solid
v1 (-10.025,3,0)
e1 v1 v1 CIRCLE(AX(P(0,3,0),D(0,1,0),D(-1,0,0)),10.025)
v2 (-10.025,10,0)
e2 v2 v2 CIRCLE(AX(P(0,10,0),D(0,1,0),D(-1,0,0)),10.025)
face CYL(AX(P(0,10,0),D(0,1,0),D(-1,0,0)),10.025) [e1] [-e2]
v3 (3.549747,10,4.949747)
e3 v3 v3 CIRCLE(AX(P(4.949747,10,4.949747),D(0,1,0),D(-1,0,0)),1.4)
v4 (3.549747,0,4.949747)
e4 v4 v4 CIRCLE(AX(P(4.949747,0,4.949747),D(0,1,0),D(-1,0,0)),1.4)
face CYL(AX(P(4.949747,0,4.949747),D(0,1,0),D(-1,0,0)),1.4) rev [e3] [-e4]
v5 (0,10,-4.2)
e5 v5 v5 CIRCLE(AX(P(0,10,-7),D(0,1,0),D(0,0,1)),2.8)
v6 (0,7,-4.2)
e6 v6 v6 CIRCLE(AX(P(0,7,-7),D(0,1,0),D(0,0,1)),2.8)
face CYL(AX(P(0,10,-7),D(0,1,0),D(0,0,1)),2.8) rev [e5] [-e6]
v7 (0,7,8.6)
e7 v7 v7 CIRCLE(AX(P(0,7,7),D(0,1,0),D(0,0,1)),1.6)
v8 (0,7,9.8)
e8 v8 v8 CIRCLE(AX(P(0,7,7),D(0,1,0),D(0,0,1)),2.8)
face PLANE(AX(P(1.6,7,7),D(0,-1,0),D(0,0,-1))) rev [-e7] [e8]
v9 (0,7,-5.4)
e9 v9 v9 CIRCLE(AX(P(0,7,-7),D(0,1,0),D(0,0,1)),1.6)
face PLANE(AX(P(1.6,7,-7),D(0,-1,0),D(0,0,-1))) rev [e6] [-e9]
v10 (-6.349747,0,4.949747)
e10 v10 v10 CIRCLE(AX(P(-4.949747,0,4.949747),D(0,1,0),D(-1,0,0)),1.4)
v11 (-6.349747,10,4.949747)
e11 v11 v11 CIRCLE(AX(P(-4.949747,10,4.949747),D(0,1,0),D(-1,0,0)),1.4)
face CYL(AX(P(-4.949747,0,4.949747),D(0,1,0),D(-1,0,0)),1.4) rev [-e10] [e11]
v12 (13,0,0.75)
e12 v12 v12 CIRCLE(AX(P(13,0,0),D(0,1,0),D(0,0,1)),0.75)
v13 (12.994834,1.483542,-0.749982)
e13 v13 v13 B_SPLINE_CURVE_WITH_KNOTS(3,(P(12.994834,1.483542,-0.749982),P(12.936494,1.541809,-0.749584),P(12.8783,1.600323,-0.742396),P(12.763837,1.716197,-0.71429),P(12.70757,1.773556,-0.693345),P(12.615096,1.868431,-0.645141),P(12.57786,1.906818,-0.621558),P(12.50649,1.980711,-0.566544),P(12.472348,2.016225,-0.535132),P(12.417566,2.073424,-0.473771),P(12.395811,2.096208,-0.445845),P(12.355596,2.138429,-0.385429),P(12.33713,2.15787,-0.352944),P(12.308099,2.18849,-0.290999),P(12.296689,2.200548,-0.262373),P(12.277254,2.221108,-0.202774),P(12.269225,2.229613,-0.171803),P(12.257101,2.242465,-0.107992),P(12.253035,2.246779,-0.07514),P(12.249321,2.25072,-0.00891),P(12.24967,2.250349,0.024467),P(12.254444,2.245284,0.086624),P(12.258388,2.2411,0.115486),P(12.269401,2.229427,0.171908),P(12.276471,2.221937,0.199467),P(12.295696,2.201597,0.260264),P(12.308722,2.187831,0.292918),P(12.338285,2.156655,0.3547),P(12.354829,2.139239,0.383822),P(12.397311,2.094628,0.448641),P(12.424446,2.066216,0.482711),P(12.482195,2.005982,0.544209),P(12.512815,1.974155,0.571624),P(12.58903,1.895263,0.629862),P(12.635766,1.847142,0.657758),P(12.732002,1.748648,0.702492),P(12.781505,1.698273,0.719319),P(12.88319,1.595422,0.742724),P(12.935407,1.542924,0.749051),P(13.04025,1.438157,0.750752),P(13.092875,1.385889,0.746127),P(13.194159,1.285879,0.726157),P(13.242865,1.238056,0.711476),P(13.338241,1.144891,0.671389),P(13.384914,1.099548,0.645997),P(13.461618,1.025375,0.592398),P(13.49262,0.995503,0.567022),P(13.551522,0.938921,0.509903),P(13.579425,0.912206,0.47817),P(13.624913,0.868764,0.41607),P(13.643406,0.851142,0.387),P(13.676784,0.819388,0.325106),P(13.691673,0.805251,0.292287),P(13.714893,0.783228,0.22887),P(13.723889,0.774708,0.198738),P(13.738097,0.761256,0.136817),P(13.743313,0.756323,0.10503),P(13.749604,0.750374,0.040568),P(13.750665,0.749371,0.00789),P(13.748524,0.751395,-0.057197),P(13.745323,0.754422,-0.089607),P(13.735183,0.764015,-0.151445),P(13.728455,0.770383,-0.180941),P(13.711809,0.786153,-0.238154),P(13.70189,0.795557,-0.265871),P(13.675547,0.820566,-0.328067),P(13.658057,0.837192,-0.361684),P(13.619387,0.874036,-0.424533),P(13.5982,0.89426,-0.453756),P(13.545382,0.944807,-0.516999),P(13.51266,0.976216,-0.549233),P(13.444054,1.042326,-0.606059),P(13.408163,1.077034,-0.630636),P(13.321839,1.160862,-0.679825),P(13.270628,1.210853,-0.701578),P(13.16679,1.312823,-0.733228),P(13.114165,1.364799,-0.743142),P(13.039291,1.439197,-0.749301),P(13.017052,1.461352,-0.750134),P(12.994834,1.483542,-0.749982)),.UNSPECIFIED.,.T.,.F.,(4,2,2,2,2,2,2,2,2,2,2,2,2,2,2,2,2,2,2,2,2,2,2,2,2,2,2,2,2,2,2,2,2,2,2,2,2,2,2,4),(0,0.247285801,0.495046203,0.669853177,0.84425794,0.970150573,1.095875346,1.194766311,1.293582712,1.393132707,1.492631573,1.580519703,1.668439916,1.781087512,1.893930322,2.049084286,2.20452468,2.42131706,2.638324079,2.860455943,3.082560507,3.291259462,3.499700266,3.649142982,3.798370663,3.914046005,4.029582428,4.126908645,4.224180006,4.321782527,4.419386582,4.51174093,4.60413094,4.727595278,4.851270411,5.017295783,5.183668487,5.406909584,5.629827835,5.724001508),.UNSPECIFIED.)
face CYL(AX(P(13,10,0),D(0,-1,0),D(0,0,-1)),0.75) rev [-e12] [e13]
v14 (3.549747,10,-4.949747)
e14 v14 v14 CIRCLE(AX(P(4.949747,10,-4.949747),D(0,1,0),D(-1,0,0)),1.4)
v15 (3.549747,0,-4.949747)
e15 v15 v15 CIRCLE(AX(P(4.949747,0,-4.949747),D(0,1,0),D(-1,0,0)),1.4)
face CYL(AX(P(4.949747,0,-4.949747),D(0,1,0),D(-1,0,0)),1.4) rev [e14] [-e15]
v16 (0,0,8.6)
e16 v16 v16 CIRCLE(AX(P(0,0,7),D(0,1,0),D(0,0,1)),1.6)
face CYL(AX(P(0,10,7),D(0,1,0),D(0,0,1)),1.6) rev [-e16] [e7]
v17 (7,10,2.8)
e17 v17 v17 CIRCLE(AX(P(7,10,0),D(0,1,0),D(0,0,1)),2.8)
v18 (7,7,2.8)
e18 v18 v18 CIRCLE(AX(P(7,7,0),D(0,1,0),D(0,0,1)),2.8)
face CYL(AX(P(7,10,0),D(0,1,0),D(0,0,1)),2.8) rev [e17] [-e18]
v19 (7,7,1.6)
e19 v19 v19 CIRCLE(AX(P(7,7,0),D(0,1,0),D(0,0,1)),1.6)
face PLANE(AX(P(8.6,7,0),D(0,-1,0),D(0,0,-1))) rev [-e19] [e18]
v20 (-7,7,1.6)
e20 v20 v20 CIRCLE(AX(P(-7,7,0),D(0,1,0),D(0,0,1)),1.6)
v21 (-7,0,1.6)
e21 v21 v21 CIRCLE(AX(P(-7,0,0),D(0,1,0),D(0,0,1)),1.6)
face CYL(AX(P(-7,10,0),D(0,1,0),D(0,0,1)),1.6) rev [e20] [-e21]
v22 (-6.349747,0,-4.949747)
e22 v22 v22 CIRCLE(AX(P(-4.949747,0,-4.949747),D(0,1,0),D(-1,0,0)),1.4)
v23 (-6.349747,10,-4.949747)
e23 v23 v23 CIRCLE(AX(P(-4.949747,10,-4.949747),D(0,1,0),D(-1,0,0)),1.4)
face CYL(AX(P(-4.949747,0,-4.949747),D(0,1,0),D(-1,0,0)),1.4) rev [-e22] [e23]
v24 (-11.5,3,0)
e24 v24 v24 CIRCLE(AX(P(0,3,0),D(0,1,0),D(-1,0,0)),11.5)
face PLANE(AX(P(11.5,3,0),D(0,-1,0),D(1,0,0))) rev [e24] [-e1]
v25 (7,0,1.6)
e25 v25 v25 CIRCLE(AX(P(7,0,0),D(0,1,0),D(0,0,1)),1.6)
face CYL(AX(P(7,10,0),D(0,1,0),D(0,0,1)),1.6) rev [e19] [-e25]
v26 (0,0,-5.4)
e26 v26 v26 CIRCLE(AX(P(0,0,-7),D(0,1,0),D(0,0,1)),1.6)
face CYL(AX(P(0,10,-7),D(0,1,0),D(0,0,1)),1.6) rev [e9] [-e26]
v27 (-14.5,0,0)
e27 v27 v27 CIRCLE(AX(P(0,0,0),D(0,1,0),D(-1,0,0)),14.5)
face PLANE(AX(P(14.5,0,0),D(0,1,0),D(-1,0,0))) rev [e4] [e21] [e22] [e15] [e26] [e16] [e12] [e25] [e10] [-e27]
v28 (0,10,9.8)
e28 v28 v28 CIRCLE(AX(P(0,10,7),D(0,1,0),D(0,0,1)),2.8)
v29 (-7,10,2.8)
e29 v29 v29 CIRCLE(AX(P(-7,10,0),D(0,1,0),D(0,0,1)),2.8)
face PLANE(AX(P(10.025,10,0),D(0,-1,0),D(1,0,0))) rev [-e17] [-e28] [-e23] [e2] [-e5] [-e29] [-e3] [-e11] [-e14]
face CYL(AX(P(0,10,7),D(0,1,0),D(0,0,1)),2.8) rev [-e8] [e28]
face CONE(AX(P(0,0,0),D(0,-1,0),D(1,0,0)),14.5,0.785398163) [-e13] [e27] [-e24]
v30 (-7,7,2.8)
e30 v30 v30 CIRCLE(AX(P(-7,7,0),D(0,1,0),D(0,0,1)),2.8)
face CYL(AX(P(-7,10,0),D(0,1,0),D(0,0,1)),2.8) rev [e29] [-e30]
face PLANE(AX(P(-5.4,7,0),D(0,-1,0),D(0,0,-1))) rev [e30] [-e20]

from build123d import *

# Parameters (mm, degrees)
SKETCH2_R                               = 1.4
CUT_EXTRUDE1_DEPTH                      = 23.814469093
CBORE_FOR_M5_HEX_HEAD_BOLT1_D           = 3.2
CBORE_FOR_M5_HEX_HEAD_BOLT1_CBORE_D     = 5.6
CBORE_FOR_M5_HEX_HEAD_BOLT1_CBORE_DEPTH = 3
SKETCH4_R                               = 0.75
CUT_EXTRUDE3_DEPTH                      = 23.814469093


with BuildPart() as part:
    # Sketch1 → Revolve1 (revolve)
    with BuildSketch(Plane.XY, mode=Mode.PRIVATE) as revolve1_sk:
        Polygon((14.5, 0), (11.5, 3), (10.025, 3), (10.025, 10), (0, 10), (0, 0), align=None)
    revolve(revolve1_sk.sketch.rotate(Axis((0, 10, 0), (0, -1, 0)), 180), axis=Axis((0, 10, 0), (0, -1, 0)))

    # Sketch2 → Cut-Extrude1 (cut, through all)
    with BuildSketch(Plane(origin=(0, 10, 0), x_dir=(1, 0, 0), z_dir=(0, 1, 0))):
        with Locations(Location((0, 7, 0), (0, 0, 180))):
            Circle(SKETCH2_R)
        with Locations(Location((4.949747468, 4.949747468, 0), (0, 0, 180))):
            Circle(SKETCH2_R)
        with Locations(Location((7, 0, 0), (0, 0, 180))):
            Circle(SKETCH2_R)
        with Locations(Location((4.949747468, -4.949747468, 0), (0, 0, 180))):
            Circle(SKETCH2_R)
        with Locations(Location((0, -7, 0), (0, 0, 180))):
            Circle(SKETCH2_R)
        with Locations(Location((-4.949747468, -4.949747468, 0), (0, 0, 180))):
            Circle(SKETCH2_R)
        with Locations(Location((-7, 0, 0), (0, 0, 180))):
            Circle(SKETCH2_R)
        with Locations(Location((-4.949747468, 4.949747468, 0), (0, 0, 180))):
            Circle(SKETCH2_R)
    extrude(amount=-CUT_EXTRUDE1_DEPTH, mode=Mode.SUBTRACT)

    # CBORE for M5 Hex Head Bolt1 (through all)
    with Locations(Plane(origin=(0, 10, -7), x_dir=(1, 0, 0), z_dir=(0, 1, 0))):
        with Locations((0, 0), (-7, -7), (0, -14), (7, -7)):
            CounterBoreHole(CBORE_FOR_M5_HEX_HEAD_BOLT1_D / 2, CBORE_FOR_M5_HEX_HEAD_BOLT1_CBORE_D / 2, CBORE_FOR_M5_HEX_HEAD_BOLT1_CBORE_DEPTH)

    # Sketch4 → Cut-Extrude3 (cut, through all)
    with BuildSketch(Plane(origin=(0, 0, 0), x_dir=(1, 0, 0), z_dir=(0, 1, 0))):
        with Locations(Location((13, 0, 0), (0, 0, 90.394644161))):
            Circle(SKETCH4_R)
    extrude(amount=CUT_EXTRUDE3_DEPTH, mode=Mode.SUBTRACT)


solid = part.part
